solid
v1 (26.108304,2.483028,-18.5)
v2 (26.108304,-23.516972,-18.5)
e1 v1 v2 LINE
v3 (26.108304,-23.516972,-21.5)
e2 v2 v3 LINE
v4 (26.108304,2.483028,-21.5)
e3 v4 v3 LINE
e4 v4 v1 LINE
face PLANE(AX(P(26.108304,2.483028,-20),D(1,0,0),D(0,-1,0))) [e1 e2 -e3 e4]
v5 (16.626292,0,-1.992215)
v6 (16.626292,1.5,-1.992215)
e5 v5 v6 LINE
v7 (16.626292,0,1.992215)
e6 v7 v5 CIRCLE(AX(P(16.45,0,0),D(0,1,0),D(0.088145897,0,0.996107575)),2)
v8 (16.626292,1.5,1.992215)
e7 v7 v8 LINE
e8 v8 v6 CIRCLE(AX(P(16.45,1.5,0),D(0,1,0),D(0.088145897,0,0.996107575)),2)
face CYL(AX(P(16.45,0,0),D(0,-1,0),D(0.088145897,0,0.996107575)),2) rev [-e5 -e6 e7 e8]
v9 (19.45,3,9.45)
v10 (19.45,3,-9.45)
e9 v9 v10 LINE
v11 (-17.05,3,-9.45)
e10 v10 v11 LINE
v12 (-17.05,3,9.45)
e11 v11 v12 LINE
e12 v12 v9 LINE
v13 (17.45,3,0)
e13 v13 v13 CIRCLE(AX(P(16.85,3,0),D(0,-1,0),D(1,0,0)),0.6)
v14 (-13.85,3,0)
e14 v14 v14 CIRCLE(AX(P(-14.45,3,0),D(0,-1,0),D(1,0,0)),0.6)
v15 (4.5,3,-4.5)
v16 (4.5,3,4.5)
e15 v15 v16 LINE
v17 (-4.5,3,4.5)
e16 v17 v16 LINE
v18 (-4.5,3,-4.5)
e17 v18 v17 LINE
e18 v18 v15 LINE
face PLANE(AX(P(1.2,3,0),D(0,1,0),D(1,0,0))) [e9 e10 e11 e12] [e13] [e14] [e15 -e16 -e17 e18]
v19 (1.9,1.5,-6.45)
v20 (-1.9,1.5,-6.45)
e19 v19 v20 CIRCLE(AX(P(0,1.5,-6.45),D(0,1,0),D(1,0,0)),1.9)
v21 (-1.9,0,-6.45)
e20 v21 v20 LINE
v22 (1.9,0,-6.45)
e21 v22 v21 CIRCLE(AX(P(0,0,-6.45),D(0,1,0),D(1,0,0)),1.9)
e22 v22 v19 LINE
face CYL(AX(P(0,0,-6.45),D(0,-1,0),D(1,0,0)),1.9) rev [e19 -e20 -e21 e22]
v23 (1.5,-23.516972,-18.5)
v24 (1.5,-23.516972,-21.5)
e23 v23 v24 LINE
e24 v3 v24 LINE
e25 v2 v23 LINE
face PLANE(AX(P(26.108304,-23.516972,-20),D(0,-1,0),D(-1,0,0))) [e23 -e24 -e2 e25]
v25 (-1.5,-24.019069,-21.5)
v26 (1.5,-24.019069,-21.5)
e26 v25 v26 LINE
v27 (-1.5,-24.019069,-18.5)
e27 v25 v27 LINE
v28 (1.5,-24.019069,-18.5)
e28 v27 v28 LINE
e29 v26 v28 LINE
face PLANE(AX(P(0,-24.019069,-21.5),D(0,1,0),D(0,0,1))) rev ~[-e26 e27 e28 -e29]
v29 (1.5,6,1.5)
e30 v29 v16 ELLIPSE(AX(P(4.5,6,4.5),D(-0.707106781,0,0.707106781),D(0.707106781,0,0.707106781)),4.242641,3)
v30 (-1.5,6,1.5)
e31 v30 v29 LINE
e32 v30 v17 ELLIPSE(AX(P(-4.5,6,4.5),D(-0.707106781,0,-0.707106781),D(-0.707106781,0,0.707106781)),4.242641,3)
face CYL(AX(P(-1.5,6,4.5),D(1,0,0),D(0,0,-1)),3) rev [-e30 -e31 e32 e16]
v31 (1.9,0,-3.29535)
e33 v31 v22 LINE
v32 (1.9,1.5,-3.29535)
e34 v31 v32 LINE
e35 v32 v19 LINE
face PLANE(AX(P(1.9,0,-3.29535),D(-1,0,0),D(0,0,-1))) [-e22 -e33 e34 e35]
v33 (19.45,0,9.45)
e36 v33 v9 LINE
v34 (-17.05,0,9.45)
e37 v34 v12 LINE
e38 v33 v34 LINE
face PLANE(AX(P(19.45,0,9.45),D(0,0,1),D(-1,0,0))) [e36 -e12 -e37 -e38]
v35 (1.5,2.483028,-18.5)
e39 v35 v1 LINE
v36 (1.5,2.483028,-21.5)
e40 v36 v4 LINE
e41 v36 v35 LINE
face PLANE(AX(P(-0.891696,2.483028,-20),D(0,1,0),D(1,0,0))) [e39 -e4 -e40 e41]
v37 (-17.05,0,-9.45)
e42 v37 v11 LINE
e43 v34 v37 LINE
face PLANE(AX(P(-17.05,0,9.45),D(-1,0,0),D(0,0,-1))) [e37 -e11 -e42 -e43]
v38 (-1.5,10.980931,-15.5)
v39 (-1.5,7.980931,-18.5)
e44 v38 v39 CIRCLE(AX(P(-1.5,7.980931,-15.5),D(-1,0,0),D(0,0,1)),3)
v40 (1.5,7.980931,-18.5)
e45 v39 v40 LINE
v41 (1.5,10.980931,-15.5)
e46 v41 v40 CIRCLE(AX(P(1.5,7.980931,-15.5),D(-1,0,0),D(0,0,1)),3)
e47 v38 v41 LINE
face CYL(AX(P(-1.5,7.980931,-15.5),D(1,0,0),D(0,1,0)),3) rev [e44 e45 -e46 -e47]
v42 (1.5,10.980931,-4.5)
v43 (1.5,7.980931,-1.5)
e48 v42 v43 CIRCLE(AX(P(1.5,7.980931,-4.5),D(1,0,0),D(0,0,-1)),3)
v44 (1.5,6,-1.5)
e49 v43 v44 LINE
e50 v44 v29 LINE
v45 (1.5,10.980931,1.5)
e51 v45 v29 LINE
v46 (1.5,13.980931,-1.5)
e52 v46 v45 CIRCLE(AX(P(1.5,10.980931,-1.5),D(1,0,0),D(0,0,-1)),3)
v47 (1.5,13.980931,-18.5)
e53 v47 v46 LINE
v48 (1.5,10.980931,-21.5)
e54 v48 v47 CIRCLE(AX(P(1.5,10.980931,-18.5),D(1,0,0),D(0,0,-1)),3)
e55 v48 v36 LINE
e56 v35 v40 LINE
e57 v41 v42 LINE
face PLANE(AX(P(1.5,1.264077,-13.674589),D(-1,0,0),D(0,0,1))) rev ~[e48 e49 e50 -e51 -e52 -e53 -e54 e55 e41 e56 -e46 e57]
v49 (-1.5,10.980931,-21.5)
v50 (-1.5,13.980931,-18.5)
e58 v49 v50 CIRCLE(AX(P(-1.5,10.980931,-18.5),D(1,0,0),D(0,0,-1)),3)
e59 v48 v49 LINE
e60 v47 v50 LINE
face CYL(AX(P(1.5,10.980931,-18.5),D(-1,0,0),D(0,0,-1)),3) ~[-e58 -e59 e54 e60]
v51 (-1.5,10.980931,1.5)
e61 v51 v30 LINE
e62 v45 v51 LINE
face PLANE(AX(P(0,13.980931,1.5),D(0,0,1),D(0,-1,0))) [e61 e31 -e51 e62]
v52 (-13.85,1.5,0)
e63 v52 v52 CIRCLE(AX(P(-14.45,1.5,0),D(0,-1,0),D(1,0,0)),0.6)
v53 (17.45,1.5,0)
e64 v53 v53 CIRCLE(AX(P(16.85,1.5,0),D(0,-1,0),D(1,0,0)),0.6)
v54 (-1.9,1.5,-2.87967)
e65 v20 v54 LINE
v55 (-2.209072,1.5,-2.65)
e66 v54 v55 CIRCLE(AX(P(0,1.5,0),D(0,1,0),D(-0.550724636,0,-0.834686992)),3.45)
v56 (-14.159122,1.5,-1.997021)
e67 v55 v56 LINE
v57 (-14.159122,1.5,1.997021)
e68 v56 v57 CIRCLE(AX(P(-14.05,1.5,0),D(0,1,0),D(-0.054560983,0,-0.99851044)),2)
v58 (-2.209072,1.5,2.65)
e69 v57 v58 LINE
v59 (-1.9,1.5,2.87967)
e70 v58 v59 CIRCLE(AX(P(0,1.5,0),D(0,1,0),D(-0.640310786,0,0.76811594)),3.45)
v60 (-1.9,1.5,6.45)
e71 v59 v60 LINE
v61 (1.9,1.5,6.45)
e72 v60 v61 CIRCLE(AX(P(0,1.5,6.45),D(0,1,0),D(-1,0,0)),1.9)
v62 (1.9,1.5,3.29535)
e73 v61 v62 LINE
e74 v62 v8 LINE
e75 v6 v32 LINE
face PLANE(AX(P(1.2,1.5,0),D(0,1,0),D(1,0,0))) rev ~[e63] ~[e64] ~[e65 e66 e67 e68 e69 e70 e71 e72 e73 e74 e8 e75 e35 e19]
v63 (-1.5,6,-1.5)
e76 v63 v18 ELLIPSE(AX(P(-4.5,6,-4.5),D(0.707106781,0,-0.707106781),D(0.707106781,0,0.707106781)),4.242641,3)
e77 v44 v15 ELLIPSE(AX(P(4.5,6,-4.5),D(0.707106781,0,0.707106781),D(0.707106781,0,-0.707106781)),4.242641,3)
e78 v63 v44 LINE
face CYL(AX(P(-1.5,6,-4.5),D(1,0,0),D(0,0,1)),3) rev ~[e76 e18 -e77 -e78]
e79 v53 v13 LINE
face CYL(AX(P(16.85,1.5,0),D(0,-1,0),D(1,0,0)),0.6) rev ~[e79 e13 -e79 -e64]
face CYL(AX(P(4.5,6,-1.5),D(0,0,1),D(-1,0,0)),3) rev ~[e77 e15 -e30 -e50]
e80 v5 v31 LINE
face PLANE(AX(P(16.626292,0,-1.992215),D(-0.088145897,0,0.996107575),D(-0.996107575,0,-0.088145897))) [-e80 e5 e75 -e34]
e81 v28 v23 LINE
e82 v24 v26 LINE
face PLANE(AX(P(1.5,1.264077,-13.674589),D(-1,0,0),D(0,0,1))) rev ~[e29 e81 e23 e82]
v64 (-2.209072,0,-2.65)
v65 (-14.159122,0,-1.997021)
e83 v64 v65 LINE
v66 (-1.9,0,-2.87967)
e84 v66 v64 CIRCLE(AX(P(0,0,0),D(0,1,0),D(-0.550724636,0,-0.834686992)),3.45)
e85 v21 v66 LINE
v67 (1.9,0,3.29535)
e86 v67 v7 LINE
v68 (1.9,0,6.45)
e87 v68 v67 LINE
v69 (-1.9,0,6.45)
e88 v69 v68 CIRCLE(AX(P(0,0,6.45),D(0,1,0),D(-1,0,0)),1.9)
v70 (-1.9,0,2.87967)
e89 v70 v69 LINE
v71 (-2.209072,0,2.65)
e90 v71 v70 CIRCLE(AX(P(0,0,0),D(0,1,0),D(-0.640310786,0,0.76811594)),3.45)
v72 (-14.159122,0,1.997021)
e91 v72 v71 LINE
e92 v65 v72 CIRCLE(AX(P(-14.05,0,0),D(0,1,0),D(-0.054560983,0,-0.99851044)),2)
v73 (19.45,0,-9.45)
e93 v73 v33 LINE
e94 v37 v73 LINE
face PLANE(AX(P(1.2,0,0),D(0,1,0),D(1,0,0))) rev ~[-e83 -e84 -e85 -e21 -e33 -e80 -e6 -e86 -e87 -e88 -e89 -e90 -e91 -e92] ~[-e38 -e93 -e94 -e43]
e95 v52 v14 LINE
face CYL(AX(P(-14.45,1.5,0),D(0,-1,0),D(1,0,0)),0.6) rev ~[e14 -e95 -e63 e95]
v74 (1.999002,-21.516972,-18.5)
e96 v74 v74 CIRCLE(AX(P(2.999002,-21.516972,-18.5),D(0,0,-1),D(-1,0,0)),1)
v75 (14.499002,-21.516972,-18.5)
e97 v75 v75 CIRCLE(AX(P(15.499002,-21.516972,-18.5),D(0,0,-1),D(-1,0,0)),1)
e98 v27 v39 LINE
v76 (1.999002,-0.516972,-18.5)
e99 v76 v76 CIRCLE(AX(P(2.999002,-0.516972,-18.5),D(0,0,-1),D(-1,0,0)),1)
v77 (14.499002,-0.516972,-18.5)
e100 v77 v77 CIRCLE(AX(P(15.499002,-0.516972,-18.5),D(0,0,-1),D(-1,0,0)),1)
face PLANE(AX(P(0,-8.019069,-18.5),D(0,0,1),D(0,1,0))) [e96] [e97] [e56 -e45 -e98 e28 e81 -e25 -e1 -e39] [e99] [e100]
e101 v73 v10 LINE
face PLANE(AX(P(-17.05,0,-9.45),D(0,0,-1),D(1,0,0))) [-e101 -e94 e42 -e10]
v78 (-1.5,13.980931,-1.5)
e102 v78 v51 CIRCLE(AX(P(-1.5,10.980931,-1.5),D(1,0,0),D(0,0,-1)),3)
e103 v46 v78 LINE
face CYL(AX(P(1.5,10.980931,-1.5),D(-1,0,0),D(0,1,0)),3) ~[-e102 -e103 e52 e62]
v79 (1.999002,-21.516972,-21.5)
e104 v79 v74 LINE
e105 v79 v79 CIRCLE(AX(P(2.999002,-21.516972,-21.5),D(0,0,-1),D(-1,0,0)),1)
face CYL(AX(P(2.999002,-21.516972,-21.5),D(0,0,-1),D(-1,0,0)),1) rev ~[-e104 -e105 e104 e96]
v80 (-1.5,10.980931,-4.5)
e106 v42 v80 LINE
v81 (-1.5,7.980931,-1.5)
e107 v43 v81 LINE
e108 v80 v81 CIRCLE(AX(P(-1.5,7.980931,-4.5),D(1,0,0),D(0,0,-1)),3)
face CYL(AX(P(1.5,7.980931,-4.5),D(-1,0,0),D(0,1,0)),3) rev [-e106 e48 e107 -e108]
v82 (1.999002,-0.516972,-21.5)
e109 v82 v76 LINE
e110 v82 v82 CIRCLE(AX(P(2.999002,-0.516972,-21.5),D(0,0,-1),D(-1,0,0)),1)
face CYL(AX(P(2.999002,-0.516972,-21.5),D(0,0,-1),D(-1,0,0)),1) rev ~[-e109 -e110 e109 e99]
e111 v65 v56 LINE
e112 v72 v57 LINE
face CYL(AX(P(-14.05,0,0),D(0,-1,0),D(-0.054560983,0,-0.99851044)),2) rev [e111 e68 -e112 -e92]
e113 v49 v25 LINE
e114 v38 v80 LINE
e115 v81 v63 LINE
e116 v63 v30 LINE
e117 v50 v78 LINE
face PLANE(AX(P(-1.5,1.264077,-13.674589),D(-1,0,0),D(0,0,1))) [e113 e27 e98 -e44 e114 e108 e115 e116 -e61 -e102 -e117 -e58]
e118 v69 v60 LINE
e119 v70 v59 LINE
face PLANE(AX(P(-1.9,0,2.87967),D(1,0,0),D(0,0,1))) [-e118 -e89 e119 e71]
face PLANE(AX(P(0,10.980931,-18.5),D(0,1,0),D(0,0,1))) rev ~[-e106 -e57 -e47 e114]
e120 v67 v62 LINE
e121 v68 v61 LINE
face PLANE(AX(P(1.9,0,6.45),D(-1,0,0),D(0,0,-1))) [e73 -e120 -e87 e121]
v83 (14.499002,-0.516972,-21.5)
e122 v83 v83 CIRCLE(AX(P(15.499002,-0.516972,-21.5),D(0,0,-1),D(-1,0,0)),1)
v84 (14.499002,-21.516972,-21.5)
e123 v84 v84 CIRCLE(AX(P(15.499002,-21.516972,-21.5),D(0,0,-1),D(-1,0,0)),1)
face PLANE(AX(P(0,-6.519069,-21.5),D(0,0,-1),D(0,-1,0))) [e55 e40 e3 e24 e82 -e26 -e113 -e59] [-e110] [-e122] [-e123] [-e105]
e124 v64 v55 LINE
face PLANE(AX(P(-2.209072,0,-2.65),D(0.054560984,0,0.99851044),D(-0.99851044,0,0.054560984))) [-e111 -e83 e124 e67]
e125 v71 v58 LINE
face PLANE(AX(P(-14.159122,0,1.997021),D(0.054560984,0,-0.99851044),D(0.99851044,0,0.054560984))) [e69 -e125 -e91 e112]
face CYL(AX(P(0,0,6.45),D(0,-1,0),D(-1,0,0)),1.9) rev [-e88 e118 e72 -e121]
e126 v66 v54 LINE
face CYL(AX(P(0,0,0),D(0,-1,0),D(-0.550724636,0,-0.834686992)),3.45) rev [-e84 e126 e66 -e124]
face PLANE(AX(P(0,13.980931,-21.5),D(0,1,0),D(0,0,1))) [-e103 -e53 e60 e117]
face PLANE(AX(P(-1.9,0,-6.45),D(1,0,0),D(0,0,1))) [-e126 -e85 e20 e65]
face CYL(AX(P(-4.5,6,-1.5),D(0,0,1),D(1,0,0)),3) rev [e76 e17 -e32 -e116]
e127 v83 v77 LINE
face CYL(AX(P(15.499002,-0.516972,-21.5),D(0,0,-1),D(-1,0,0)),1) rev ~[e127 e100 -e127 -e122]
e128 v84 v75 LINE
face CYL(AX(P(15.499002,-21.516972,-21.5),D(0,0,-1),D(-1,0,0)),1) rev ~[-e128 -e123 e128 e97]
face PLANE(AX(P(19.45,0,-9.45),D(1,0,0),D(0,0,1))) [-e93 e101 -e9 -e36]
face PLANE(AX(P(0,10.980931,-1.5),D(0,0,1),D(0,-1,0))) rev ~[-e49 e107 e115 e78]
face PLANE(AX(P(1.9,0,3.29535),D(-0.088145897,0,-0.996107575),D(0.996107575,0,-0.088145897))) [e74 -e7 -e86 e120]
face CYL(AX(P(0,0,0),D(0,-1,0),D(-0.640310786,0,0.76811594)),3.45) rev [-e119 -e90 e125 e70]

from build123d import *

# Parameters (mm, degrees)
IZIM1_W                                 = 40.658634346
IZIM1_H                                 = 22.072921898
Y_KSEKLIK_EKSTR_ZYON3_DEPTH             = 1.5
IZIM10_W                                = 40.658634346
IZIM10_H                                = 22.072921898
Y_KSEKLIK_EKSTR_ZYON5_DEPTH             = 1.5
Y_KSEKLIK_EKSTR_ZYON6_DEPTH             = 1.5
IZIM12_W                                = 40.658634346
IZIM12_H                                = 22.072921898
KES_EKSTR_ZYON1_DEPTH                   = 5
KES_EKSTR_ZYON1_DEPTH_BACK              = 3
RADYUS1_R                               = 3
Y_KSEKLIK_EKSTR_ZYON7_REACH             = 3.5
Y_KSEKLIK_EKSTR_ZYON7_DIRECTION_2_REACH = 31.45
IZIM18_R                                = 0.6
KES_EKSTR_ZYON3_DEPTH                   = 7
KES_EKSTR_ZYON3_DEPTH_BACK              = 3
SKETCH1_R                               = 1
CUT_EXTRUDE1_DEPTH                      = 3


with BuildPart() as part:
    # Çizim1 → Yükseklik-Ekstrüzyon3 (new body)
    with BuildSketch(Plane(origin=(0, 0, 0), x_dir=(1, 0, 0), z_dir=(0, 1, 0))):
        with Locations((1.2, 0)):
            Rectangle(IZIM1_W, IZIM1_H)
        with BuildLine():
            Line((1.9, -6.45), (1.9, -3.295349698))
            Line((1.9, -3.295349698), (16.626291793, -1.99221515))
            ThreePointArc((16.626291793, -1.99221515), (18.45, 0), (16.626291793, 1.99221515))
            Line((16.626291793, 1.99221515), (1.9, 3.295349698))
            Line((1.9, 3.295349698), (1.9, 6.45))
            ThreePointArc((1.9, 6.45), (0, 8.35), (-1.9, 6.45))
            Line((-1.9, 6.45), (-1.9, 2.87967012))
            ThreePointArc((-1.9, 2.87967012), (-2.057742862, 2.769150468), (-2.209072203, 2.65))
            Line((-2.209072203, 2.65), (-14.159121967, 1.99702088))
            ThreePointArc((-14.159121967, 1.99702088), (-16.05, 0), (-14.159121967, -1.99702088))
            Line((-14.159121967, -1.99702088), (-2.209072203, -2.65))
            ThreePointArc((-2.209072203, -2.65), (-2.057742862, -2.769150468), (-1.9, -2.87967012))
            Line((-1.9, -2.87967012), (-1.9, -6.45))
            ThreePointArc((-1.9, -6.45), (0, -8.35), (1.9, -6.45))
        make_face(mode=Mode.SUBTRACT)
    extrude(amount=Y_KSEKLIK_EKSTR_ZYON3_DEPTH)

    # Çizim10 → Yükseklik-Ekstrüzyon5 (add)
    with BuildSketch(Plane(origin=(0, 1.5, 0), x_dir=(1, 0, 0), z_dir=(0, 1, 0))):
        with Locations((1.2, 0)):
            Rectangle(IZIM10_W, IZIM10_H)
    extrude(amount=Y_KSEKLIK_EKSTR_ZYON5_DEPTH)

    # Çizim11 → Yükseklik-Ekstrüzyon6 (add, symmetric)
    with BuildSketch(Plane(origin=(0, 0, 0), x_dir=(0, 0, -1), z_dir=(1, 0, 0))):
        Polygon((18.5, 10.980931434), (1.5, 10.980931434), (1.5, 1.777726909), (-1.5, 1.777726909), (-1.5, 10.980931434), (-1.5, 13.980931434), (1.5, 13.980931434), (21.5, 13.980931434), (21.5, -24.019068566), (18.5, -24.019068566), align=None)
    extrude(amount=Y_KSEKLIK_EKSTR_ZYON6_DEPTH, both=True)

    # Çizim12 → Kes-Ekstrüzyon1 (cut, two sides)
    with BuildSketch(Plane(origin=(0, 0, 0), x_dir=(1, 0, 0), z_dir=(0, 1, 0))) as kes_ekstr_zyon1_sk:
        with Locations((1.2, 0)):
            Rectangle(IZIM12_W, IZIM12_H)
        Polygon((0, -9.45), (-17.05, -9.45), (-17.05, 9.45), (19.45, 9.45), (19.45, -9.45), align=None, mode=Mode.SUBTRACT)
    extrude(amount=KES_EKSTR_ZYON1_DEPTH, mode=Mode.SUBTRACT)
    extrude(kes_ekstr_zyon1_sk.sketch, amount=-KES_EKSTR_ZYON1_DEPTH_BACK, mode=Mode.SUBTRACT)

    # Radyus1
    radyus1_edges = [part.edges().sort_by_distance(p)[0] for p in [
        (-1.5, 3, 0),
        (0, 3, -1.5),
        (0, 3, 1.5),
        (1.5, 3, 0),
        (0, 13.980931434, -21.5),
        (0, 13.980931434, 1.5),
        (0, 10.980931434, -1.5),
        (0, 10.980931434, -18.5),
    ]]
    fillet(radyus1_edges, radius=RADYUS1_R)

    # Yükseklik-Ekstrüzyon7: up to this face of the body (flat: up to its plane)
    y_kseklik_ekstr_zyon7_end = Plane(part.part.faces().sort_by_distance((0, -6.519068566, -21.5))[0])
    # Çizim13 → Yükseklik-Ekstrüzyon7 (add, up to the picked face)
    with BuildSketch(Plane(origin=(0, 0, -20), x_dir=(-1, 0, 0), z_dir=(0, 0, -1)), mode=Mode.PRIVATE) as y_kseklik_ekstr_zyon7_sk1:
        Polygon((-26.108304445, 2.483027661), (-26.108304445, -23.516972339), (0.891695555, -23.516972339), (0.891695555, -2.497903773), (0.891695555, 2.483027661), align=None)
    y_kseklik_ekstr_zyon7_tool1 = split(extrude(y_kseklik_ekstr_zyon7_sk1.sketch, amount=Y_KSEKLIK_EKSTR_ZYON7_REACH, mode=Mode.PRIVATE), bisect_by=y_kseklik_ekstr_zyon7_end, keep=Keep.BOTH, mode=Mode.PRIVATE)
    add(y_kseklik_ekstr_zyon7_tool1.solids().sort_by_distance((12.608304, -10.516972, -20))[0])

    # Yükseklik-Ekstrüzyon7 direction 2: up to this face of the body (flat: up to its plane)
    y_kseklik_ekstr_zyon7_direction_2_end = Plane(part.part.faces().sort_by_distance((0, -8.019068566, -18.5))[0])
    # Çizim13 → Yükseklik-Ekstrüzyon7 direction 2 (add, up to the picked face)
    with BuildSketch(Plane(origin=(0, 0, -20), x_dir=(-1, 0, 0), z_dir=(0, 0, -1)), mode=Mode.PRIVATE) as y_kseklik_ekstr_zyon7_direction_2_sk1:
        Polygon((-26.108304445, 2.483027661), (-26.108304445, -23.516972339), (0.891695555, -23.516972339), (0.891695555, -2.497903773), (0.891695555, 2.483027661), align=None)
    y_kseklik_ekstr_zyon7_direction_2_tool1 = split(extrude(y_kseklik_ekstr_zyon7_direction_2_sk1.sketch, amount=-Y_KSEKLIK_EKSTR_ZYON7_DIRECTION_2_REACH, mode=Mode.PRIVATE), bisect_by=y_kseklik_ekstr_zyon7_direction_2_end, keep=Keep.BOTH, mode=Mode.PRIVATE)
    add(y_kseklik_ekstr_zyon7_direction_2_tool1.solids().sort_by_distance((12.608304, -10.516972, -20))[0])

    # Çizim18 → Kes-Ekstrüzyon3 (cut, two sides)
    with BuildSketch(Plane.XZ.offset(-1.5)) as kes_ekstr_zyon3_sk:
        with Locations((-14.45, 0)):
            Circle(IZIM18_R)
        with Locations((16.85, 0)):
            Circle(IZIM18_R)
    extrude(amount=KES_EKSTR_ZYON3_DEPTH, mode=Mode.SUBTRACT)
    extrude(kes_ekstr_zyon3_sk.sketch, amount=-KES_EKSTR_ZYON3_DEPTH_BACK, mode=Mode.SUBTRACT)

    # Sketch1 → Cut-Extrude1 (cut)
    with BuildSketch(Plane(origin=(0, 0, -21.5), x_dir=(-1, 0, 0), z_dir=(0, 0, -1))):
        with Locations((-2.999001891, -0.516972339)):
            Circle(SKETCH1_R)
        with Locations((-2.999001891, -21.516972339)):
            Circle(SKETCH1_R)
        with Locations((-15.499001891, -21.516972339)):
            Circle(SKETCH1_R)
        with Locations((-15.499001891, -0.516972339)):
            Circle(SKETCH1_R)
    extrude(amount=-CUT_EXTRUDE1_DEPTH, mode=Mode.SUBTRACT)


solid = part.part
